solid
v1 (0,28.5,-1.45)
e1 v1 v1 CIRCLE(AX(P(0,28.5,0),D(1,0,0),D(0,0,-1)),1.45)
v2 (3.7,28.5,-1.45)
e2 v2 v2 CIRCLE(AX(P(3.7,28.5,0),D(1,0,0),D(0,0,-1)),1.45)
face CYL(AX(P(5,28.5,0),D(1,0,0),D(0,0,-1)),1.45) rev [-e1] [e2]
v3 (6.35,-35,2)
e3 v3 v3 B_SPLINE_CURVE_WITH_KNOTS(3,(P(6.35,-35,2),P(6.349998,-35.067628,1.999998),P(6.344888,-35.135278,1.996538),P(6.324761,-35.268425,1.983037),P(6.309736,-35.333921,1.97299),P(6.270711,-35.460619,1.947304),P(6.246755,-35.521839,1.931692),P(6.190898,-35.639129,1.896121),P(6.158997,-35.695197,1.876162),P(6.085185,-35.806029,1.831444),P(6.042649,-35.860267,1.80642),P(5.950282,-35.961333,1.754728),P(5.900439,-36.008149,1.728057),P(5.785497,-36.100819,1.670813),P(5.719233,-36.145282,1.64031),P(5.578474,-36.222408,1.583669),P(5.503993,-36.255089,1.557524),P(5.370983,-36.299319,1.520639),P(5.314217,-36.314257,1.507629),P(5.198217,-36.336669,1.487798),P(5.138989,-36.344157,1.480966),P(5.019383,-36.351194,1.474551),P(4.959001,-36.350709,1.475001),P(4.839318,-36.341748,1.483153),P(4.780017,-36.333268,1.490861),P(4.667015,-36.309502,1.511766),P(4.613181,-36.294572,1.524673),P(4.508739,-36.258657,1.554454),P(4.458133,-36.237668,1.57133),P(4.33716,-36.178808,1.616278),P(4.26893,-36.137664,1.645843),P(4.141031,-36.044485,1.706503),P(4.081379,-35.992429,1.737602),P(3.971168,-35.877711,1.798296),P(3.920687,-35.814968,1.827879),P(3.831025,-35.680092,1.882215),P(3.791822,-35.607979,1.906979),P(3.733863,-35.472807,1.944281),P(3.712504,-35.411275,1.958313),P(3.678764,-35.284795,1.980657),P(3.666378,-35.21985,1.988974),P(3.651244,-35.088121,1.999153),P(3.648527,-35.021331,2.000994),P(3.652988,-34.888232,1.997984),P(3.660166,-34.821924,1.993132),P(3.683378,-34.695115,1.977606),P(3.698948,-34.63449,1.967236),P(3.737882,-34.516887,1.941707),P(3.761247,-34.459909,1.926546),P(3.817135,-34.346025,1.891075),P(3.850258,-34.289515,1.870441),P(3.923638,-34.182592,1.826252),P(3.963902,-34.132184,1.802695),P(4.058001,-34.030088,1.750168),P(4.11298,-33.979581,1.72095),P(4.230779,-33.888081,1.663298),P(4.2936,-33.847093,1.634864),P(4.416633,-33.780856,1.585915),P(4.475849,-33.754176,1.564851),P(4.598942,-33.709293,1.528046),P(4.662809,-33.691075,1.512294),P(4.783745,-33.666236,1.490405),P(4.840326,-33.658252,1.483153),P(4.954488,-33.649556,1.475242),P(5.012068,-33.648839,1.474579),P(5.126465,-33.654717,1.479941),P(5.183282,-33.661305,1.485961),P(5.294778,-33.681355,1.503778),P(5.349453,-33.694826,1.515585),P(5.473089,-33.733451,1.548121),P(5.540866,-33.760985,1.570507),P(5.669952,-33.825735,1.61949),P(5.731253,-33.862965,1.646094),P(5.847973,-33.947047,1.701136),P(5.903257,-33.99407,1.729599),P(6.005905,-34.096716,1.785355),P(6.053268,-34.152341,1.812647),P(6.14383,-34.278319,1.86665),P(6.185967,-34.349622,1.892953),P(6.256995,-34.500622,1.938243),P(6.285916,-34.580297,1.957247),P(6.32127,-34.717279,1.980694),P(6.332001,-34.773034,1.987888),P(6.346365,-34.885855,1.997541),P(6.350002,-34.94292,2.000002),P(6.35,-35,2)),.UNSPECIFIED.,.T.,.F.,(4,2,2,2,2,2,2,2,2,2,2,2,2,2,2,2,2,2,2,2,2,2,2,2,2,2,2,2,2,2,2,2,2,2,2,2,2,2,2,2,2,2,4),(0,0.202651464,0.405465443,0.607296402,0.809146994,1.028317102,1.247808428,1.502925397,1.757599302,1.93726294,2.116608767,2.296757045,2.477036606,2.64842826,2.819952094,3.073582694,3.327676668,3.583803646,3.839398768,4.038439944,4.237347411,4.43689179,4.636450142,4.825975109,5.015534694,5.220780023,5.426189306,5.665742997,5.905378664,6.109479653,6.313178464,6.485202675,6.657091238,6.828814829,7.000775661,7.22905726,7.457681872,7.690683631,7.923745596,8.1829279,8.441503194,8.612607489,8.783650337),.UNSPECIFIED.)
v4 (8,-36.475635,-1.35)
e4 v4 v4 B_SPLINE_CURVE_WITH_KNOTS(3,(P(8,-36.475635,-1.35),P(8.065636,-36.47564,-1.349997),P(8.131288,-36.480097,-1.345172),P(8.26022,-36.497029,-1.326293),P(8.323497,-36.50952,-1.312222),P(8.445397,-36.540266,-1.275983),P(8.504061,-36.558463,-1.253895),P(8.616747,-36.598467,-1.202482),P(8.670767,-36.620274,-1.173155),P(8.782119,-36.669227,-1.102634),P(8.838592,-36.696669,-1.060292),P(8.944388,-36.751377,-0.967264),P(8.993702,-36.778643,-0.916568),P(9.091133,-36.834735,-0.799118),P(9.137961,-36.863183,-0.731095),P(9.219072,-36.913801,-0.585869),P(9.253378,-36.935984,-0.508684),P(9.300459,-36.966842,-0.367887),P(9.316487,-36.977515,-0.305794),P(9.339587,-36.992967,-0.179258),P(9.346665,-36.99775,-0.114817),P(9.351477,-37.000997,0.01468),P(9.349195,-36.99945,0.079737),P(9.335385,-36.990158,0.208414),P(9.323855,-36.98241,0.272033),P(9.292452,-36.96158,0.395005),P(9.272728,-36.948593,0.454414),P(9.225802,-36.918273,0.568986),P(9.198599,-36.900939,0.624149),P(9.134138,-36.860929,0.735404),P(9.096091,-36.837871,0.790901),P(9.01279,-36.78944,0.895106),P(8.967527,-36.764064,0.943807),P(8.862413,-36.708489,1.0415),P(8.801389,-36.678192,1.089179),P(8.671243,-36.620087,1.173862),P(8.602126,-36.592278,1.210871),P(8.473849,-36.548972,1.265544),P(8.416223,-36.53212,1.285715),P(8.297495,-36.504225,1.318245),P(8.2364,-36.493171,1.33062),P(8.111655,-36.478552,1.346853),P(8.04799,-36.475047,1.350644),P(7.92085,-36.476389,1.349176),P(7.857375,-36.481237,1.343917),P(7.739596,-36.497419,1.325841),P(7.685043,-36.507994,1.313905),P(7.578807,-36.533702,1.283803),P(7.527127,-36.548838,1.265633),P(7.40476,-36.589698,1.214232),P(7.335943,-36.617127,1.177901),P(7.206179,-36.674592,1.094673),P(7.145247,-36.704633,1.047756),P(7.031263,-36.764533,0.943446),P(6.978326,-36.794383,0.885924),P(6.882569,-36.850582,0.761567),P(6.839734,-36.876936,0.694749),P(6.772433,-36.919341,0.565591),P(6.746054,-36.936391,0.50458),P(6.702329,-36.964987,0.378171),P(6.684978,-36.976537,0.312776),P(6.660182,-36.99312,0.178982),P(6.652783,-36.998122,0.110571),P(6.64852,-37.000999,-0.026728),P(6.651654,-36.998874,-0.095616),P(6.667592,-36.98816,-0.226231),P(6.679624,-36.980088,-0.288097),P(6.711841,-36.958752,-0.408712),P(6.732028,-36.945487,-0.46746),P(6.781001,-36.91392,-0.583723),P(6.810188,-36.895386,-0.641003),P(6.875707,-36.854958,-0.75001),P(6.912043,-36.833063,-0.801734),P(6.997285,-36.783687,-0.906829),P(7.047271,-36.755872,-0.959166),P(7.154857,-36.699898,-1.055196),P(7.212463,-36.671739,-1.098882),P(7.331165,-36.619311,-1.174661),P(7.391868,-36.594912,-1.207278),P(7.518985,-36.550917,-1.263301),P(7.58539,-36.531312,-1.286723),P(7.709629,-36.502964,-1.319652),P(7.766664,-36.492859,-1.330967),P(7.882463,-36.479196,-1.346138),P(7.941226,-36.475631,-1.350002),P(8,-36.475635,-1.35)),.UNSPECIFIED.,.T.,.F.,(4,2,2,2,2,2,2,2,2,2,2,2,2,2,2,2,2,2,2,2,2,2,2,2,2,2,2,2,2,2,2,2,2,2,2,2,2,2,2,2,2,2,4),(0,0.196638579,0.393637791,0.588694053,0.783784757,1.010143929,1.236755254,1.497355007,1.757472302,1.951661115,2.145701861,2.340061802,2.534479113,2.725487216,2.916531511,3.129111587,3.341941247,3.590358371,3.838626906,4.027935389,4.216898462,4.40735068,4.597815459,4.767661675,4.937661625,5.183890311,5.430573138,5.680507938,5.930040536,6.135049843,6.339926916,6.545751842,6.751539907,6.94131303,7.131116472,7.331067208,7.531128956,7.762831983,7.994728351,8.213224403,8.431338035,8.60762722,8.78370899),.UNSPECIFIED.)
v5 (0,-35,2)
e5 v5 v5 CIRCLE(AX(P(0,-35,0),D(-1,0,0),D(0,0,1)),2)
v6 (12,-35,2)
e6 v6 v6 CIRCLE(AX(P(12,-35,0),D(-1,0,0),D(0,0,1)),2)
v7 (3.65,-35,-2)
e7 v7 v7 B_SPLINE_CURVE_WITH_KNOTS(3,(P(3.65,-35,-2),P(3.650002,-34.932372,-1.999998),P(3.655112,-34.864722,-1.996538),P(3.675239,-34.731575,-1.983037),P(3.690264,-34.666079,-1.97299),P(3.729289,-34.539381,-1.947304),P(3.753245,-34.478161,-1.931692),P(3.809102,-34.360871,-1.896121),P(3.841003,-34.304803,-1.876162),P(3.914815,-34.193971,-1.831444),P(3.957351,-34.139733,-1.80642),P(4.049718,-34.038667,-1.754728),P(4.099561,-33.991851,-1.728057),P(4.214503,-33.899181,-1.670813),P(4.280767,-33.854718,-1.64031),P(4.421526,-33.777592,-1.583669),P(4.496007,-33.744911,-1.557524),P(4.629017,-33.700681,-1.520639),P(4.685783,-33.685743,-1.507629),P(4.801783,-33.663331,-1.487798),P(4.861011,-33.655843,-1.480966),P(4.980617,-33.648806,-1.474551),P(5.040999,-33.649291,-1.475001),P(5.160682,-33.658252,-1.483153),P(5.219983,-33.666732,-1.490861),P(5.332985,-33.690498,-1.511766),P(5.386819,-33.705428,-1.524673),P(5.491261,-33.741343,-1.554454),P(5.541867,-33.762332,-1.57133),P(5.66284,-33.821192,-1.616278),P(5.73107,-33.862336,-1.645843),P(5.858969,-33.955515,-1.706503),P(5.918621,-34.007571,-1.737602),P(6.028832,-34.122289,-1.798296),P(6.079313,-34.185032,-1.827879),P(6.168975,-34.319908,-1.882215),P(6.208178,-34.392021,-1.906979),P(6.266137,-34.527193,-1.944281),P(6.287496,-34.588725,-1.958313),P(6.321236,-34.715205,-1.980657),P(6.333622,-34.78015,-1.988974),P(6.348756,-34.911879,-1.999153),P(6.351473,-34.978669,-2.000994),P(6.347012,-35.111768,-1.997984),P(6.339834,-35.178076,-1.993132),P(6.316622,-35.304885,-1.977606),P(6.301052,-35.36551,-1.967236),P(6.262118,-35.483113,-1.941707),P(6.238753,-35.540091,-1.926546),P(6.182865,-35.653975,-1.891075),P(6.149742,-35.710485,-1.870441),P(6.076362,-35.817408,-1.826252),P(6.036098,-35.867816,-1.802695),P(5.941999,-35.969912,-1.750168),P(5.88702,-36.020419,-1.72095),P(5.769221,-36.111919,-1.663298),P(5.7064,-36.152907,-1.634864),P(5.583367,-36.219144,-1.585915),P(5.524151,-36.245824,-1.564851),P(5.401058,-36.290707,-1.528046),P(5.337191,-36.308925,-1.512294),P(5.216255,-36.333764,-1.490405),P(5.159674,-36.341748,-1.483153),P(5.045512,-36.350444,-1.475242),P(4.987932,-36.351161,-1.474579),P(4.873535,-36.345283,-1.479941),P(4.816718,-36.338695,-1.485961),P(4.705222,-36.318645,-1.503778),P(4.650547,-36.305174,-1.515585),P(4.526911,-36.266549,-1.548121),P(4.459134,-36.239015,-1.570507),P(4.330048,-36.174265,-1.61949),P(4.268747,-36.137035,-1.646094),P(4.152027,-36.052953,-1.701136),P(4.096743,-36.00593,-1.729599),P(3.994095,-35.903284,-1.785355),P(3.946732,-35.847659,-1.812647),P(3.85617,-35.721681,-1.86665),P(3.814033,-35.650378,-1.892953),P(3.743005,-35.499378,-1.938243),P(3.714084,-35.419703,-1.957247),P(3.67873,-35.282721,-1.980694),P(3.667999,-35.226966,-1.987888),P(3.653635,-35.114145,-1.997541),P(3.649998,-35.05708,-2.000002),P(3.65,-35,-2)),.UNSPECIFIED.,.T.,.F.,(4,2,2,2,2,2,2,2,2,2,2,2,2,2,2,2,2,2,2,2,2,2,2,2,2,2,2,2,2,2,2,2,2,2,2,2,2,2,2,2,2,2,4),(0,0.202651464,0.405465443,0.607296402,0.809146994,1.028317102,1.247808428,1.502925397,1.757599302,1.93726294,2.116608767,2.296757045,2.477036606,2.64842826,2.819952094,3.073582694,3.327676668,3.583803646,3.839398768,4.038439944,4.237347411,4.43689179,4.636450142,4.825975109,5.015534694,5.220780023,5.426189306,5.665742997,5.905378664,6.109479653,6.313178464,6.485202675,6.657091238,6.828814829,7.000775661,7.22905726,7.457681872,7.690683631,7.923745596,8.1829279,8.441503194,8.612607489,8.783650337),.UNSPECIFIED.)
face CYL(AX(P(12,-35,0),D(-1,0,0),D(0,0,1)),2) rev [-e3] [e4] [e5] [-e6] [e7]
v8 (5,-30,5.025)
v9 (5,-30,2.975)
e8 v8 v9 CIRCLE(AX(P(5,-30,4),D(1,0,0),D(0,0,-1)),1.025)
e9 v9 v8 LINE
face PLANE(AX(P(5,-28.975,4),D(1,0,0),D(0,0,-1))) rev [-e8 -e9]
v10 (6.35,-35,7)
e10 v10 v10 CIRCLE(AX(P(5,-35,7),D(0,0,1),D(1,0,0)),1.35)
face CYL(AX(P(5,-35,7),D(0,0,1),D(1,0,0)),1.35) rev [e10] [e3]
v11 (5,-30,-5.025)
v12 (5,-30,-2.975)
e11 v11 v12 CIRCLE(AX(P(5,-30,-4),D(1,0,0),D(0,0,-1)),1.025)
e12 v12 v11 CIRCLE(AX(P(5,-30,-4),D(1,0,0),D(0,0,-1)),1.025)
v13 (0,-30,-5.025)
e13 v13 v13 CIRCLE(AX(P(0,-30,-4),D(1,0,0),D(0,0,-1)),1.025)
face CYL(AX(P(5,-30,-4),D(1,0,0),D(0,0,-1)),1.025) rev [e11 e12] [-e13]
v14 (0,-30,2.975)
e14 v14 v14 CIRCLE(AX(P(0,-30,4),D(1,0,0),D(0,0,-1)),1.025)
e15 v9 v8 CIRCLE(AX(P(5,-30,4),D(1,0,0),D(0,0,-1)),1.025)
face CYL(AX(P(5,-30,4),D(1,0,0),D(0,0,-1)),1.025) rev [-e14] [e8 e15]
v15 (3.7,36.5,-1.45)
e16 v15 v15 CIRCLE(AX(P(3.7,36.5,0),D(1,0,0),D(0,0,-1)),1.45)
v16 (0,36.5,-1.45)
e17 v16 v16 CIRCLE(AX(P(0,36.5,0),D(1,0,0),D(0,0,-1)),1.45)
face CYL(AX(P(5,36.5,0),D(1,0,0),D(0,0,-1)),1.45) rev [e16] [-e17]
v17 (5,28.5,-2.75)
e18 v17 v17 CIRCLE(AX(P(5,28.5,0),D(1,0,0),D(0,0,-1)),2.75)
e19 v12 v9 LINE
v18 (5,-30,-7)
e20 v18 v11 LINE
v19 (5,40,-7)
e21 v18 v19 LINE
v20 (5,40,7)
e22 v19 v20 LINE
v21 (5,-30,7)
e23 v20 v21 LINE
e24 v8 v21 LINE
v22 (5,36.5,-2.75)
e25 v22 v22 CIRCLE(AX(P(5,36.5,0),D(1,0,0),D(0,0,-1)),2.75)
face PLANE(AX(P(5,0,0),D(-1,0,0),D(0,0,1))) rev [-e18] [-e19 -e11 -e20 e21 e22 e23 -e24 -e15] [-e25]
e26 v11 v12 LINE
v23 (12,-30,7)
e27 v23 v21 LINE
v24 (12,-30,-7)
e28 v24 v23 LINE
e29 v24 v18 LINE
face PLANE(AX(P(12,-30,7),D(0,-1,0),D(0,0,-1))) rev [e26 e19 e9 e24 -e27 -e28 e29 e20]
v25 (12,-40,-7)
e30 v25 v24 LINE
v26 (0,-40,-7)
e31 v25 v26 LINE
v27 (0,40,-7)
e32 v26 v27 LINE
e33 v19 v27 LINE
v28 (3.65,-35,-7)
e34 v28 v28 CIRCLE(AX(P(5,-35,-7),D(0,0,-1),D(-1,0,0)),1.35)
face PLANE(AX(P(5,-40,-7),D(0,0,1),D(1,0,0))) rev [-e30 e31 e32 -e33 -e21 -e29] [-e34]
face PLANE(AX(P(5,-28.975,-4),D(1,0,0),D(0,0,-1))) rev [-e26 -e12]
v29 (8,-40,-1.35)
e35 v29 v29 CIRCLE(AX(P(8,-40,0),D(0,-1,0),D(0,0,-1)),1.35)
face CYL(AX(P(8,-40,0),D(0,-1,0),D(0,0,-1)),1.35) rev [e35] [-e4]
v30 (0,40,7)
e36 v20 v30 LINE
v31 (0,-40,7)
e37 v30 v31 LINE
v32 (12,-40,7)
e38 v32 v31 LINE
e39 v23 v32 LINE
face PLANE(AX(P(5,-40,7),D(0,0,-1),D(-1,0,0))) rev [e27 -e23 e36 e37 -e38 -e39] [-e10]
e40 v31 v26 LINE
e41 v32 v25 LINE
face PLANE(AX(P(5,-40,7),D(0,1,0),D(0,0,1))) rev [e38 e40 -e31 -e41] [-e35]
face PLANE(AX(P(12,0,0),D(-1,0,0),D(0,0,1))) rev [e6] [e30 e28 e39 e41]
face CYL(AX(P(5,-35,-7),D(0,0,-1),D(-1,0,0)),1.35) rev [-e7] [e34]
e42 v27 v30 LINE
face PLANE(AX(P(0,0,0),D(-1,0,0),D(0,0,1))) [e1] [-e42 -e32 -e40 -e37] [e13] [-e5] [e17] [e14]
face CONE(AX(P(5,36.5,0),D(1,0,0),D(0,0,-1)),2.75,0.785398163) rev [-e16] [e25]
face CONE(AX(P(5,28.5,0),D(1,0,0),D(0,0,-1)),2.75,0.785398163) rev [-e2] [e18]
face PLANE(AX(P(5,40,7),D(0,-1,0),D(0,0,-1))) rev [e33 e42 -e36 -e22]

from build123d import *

# Parameters (mm, degrees)
SKETCH_1_W                      = 14
SKETCH_1_H                      = 80
EXTRUDE_1_DEPTH                 = 5
SKETCH_14_W                     = 14
SKETCH_14_H                     = 10
EXTRUDE_2_DEPTH                 = 7
HOLE_WIZARD_M2_5_1_D            = 2.9
HOLE_WIZARD_M2_5_1_CSINK_D      = 5.5
HOLE_WIZARD_M2_5_1_CSINK_ANGLE  = 90
SKETCH_9_W                      = 1.025
SKETCH_9_H                      = 5
HOLE_WIZARD_M2_5_1_2_AT_2_COUNT = 2
HOLE_WIZARD_M2_5_1_2_AT_2_PITCH = 8
SKETCH_15_R                     = 2
CUT_EXTRUDE_2_DEPTH             = 43.343830719
F_1_0MM_2_REACH                 = 46.045
F_1_0MM_2_BORE_R                = 1.35
F_1_0MM_1_REACH                 = 83.197
F_1_0MM_1_BORE_R                = 1.35


with BuildPart() as part:
    # 草圖1 → 填料-伸長1 (new body)
    with BuildSketch(Plane(origin=(0, 0, 0), x_dir=(0, 0, -1), z_dir=(1, 0, 0))):
        Rectangle(SKETCH_1_W, SKETCH_1_H)
    extrude(amount=EXTRUDE_1_DEPTH)

    # 草圖14 → 填料-伸長2 (add)
    with BuildSketch(Plane(origin=(5, 0, 0), x_dir=(0, 0, -1), z_dir=(1, 0, 0))):
        with Locations((0, -35)):
            Rectangle(SKETCH_14_W, SKETCH_14_H)
    extrude(amount=EXTRUDE_2_DEPTH)

    # Hole Wizard M2.5 _1 (through all)
    with Locations(Plane(origin=(5, 0, 0), x_dir=(0, 0, -1), z_dir=(1, 0, 0))):
        with Locations((0, 36.5), (0, 28.5)):
            CounterSinkHole(HOLE_WIZARD_M2_5_1_D / 2, HOLE_WIZARD_M2_5_1_CSINK_D / 2, counter_sink_angle=HOLE_WIZARD_M2_5_1_CSINK_ANGLE)

    # 草圖9 → Hole Wizard M2.5 _1 2 (revolve, cut)
    with BuildSketch(Plane(origin=(5, -30, -4), x_dir=(0, 0, -1), z_dir=(0, 1, 0))):
        with Locations((0.5125, 2.5)):
            Rectangle(SKETCH_9_W, SKETCH_9_H)
    hole_wizard_m2_5_1_2 = revolve(axis=Axis((11.35, -30, -4), (-1, 0, 0)), mode=Mode.SUBTRACT)

    # Hole Wizard M2.5 _1 2 at 2: Hole Wizard M2.5 _1 2 ×2
    with Locations(*[(0, 0, i * HOLE_WIZARD_M2_5_1_2_AT_2_PITCH) for i in range(1, HOLE_WIZARD_M2_5_1_2_AT_2_COUNT)]):
        add(hole_wizard_m2_5_1_2, mode=Mode.SUBTRACT)

    # 草圖15 → 除料-伸長2 (cut, through all)
    with BuildSketch(Plane.ZY):
        with Locations((0, -35)):
            Circle(SKETCH_15_R)
    extrude(amount=-CUT_EXTRUDE_2_DEPTH, mode=Mode.SUBTRACT)

    # Ø1.0mm 定位孔2 bore → Ø1.0mm 定位孔2 (cut, up to next)
    with BuildSketch(Plane(origin=(0, 0, -7), x_dir=(-1, 0, 0), z_dir=(0, 0, -1)), mode=Mode.PRIVATE) as f_1_0mm_2_sk1:
        with Locations((-5, -35)):
            Circle(F_1_0MM_2_BORE_R)
    f_1_0mm_2_tool1 = extrude(f_1_0mm_2_sk1.sketch, amount=-F_1_0MM_2_REACH, mode=Mode.PRIVATE) & part.part
    f_1_0mm_2 = f_1_0mm_2_tool1.solids().sort_by_distance((5, -35, -7))[0]
    add(f_1_0mm_2, mode=Mode.SUBTRACT)

    # 鏡射2: Ø1.0mm 定位孔2 across plane
    add(f_1_0mm_2.mirror(Plane.XY), mode=Mode.SUBTRACT)

    # Ø1.0mm 定位孔1 bore → Ø1.0mm 定位孔1 (cut, up to next)
    with BuildSketch(Plane(origin=(0, -40, 0), x_dir=(-1, 0, 0), z_dir=(0, -1, 0)), mode=Mode.PRIVATE) as f_1_0mm_1_sk1:
        with Locations((-8, 0)):
            Circle(F_1_0MM_1_BORE_R)
    f_1_0mm_1_tool1 = extrude(f_1_0mm_1_sk1.sketch, amount=-F_1_0MM_1_REACH, mode=Mode.PRIVATE) & part.part
    add(f_1_0mm_1_tool1.solids().sort_by_distance((8, -40, 0))[0], mode=Mode.SUBTRACT)


solid = part.part
